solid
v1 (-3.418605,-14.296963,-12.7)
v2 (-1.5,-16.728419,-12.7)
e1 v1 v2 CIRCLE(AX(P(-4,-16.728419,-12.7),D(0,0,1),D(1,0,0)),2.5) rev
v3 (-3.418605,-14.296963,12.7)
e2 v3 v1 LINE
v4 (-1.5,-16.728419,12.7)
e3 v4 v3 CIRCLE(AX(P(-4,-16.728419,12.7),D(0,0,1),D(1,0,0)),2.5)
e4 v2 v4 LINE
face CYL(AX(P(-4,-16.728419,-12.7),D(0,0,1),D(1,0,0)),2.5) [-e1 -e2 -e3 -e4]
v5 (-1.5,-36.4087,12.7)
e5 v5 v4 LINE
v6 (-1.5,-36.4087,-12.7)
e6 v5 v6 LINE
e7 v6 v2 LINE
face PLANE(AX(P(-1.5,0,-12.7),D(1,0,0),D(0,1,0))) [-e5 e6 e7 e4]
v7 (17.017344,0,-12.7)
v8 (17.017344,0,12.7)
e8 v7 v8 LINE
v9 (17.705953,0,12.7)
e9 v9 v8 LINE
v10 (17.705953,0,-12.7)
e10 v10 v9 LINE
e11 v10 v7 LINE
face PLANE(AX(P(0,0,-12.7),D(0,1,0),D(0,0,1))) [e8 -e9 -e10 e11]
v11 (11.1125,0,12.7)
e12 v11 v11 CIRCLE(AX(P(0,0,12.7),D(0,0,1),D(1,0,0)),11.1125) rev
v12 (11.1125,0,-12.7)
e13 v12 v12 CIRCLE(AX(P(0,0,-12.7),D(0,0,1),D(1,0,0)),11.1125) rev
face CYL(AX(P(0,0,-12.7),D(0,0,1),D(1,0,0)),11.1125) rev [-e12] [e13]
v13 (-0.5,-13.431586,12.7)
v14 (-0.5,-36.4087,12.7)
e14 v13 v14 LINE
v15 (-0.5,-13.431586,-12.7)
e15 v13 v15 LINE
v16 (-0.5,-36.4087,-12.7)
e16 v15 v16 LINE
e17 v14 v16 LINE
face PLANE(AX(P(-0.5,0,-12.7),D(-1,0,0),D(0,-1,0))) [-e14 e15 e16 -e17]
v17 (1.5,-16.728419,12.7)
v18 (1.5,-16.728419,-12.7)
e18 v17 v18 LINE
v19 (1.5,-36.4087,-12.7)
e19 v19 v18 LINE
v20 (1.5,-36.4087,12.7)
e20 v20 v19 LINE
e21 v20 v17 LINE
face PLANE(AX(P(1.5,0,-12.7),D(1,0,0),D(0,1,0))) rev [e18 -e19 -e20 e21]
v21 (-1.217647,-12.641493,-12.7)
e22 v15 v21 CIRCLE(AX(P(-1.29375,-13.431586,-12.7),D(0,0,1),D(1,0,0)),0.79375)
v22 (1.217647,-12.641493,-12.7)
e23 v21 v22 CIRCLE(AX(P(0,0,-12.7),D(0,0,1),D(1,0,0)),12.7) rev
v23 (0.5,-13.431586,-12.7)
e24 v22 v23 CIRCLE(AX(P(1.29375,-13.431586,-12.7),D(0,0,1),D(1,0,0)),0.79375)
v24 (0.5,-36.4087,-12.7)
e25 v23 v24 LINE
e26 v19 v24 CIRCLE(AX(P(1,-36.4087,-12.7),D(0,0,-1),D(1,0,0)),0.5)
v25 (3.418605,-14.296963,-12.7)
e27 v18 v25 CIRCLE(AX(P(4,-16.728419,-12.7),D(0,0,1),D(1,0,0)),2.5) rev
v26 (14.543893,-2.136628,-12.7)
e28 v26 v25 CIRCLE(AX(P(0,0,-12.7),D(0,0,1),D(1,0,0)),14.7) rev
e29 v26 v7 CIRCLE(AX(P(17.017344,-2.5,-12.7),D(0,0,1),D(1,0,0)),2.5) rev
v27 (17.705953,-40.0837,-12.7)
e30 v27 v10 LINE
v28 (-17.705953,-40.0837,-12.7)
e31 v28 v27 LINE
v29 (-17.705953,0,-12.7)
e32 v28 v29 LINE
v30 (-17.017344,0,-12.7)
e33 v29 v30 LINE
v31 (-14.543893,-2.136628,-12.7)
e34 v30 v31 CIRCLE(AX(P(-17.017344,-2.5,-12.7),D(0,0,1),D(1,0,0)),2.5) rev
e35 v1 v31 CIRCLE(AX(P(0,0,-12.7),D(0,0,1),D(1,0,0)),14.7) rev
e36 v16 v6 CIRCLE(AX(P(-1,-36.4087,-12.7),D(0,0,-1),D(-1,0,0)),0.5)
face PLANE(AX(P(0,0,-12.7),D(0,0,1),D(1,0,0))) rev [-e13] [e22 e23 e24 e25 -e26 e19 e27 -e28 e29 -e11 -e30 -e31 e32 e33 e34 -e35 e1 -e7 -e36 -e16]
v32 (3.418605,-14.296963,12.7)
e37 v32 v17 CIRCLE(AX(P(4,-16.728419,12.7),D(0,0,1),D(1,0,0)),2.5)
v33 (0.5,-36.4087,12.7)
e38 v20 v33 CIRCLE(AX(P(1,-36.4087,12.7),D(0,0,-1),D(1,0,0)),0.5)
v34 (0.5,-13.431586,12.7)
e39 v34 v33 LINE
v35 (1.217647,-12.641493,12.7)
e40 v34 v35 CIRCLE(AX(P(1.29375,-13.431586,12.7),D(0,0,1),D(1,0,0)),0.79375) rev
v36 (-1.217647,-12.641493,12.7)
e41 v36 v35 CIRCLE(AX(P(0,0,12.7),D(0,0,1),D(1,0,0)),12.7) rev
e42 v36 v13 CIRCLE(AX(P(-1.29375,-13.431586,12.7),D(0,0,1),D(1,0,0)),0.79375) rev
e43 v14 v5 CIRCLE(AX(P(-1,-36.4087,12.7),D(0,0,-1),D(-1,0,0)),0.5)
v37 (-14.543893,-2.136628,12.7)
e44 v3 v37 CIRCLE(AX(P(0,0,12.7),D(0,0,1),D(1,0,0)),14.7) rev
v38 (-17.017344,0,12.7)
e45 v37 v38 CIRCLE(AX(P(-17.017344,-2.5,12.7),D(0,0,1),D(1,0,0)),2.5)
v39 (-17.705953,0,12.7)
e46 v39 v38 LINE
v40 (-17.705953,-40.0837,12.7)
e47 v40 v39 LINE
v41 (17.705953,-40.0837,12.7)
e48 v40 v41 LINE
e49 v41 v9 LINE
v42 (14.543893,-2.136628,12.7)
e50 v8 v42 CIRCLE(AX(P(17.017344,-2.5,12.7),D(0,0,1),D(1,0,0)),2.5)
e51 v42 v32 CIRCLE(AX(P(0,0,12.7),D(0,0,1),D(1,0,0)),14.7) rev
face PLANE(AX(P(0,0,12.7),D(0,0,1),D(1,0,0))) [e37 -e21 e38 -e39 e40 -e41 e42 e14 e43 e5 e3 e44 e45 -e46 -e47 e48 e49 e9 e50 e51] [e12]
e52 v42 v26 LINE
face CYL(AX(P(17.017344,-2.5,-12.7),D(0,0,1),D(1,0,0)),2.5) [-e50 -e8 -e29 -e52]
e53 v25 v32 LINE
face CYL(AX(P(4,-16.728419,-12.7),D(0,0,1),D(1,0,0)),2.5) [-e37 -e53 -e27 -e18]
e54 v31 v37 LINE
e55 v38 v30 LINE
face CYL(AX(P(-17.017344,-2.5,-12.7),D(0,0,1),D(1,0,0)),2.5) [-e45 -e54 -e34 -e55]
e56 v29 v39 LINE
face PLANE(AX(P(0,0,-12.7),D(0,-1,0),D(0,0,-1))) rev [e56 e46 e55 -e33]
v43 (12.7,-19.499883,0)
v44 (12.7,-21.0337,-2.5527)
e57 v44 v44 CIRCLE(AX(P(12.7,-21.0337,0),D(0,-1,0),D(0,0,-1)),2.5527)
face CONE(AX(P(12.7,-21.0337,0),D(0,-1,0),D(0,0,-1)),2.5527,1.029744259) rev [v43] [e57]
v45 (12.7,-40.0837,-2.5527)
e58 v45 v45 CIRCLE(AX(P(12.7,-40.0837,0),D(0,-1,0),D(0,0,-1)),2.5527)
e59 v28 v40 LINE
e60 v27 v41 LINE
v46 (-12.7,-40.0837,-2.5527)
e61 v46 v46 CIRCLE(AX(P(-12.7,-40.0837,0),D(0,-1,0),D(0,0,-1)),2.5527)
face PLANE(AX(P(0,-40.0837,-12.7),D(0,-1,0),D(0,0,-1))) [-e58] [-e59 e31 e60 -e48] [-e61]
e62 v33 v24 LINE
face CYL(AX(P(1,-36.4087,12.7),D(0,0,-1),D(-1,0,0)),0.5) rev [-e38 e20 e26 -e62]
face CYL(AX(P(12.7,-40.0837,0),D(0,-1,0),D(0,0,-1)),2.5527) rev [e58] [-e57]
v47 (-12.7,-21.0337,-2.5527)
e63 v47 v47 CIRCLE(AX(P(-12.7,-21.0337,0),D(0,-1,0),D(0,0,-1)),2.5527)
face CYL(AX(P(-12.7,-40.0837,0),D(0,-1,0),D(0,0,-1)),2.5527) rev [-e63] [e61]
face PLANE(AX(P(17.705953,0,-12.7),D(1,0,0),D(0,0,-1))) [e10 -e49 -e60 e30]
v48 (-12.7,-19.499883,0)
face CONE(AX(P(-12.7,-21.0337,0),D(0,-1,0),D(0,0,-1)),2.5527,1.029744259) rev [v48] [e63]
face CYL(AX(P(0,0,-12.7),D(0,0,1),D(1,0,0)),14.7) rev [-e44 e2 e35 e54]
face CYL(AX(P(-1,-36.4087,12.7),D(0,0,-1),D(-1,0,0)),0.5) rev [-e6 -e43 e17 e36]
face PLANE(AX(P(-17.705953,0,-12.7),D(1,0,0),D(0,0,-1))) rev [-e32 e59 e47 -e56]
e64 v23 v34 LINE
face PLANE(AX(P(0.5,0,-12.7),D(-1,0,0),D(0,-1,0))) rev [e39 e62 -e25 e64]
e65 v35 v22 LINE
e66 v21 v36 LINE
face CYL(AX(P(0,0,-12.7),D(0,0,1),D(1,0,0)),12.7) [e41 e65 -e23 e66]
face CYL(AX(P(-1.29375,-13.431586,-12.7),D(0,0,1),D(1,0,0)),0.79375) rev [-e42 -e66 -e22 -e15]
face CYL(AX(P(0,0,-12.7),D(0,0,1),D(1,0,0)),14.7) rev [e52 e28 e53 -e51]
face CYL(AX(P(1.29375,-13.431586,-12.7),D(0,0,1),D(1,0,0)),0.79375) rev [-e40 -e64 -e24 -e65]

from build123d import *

# Parameters (mm, degrees)
SKETCH1_R                  = 11.1125
EXTRUDE1_DEPTH             = 12.7
BUSHING_SIDE_FILLETS_R     = 0.79375
MOUNT_SIDE_FILLETS_R       = 0.79375
F_1_4_MOUNTING_HOLES_D     = 5.1054
F_1_4_MOUNTING_HOLES_DEPTH = 19.05
F_1_4_MOUNTING_HOLES_TIP   = 1.533816902
CUT_EXTRUDE1_DEPTH         = 51.649420448
FILLET1_R                  = 2.5


with BuildPart() as part:
    # Sketch1 → Extrude1 (new, symmetric)
    with BuildSketch(Plane(origin=(0, 0, 0), x_dir=(1, 0, 0), z_dir=(0, 0, -1))):
        with BuildLine():
            Line((0.5, 12.690153663), (0.5, 30.5587))
            Line((0.5, 30.5587), (1.5, 30.5587))
            Line((1.5, 30.5587), (1.5, 14.623269128))
            ThreePointArc((1.5, 14.623269128), (10.911920088, 9.849873096), (14.7, 0))
            Line((14.7, 0), (17.705953405, 0))
            Line((17.705953405, 0), (17.705953405, 40.0837))
            Line((17.705953405, 40.0837), (-17.705953405, 40.0837))
            Line((-17.705953405, 40.0837), (-17.705953405, 0))
            Line((-17.705953405, 0), (-14.7, 0))
            ThreePointArc((-14.7, 0), (-10.911920088, 9.849873096), (-1.5, 14.623269128))
            Line((-1.5, 14.623269128), (-1.5, 30.5587))
            Line((-1.5, 30.5587), (-0.5, 30.5587))
            Line((-0.5, 30.5587), (-0.5, 12.690153663))
            ThreePointArc((-0.5, 12.690153663), (0, -12.7), (0.5, 12.690153663))
        make_face()
        Circle(SKETCH1_R, mode=Mode.SUBTRACT)
    extrude(amount=EXTRUDE1_DEPTH, both=True)

    # Bushing-side fillets
    bushing_side_fillets_edges = [part.edges().sort_by_distance(p)[0] for p in [
        (-0.5, -12.690153663, 0),
        (0.5, -12.690153663, 0),
    ]]
    fillet(bushing_side_fillets_edges, radius=BUSHING_SIDE_FILLETS_R)

    # Mount-side fillets
    mount_side_fillets_edges = [part.edges().sort_by_distance(p)[0] for p in [
        (-0.5, -30.5587, 0),
        (0.5, -30.5587, 0),
    ]]
    fillet(mount_side_fillets_edges, radius=MOUNT_SIDE_FILLETS_R)

    # 1/4 Mounting holes
    with Locations(Plane.XZ.offset(40.0837)):
        with Locations((-12.7, 0), (12.7, 0)):
            Hole(F_1_4_MOUNTING_HOLES_D / 2, depth=F_1_4_MOUNTING_HOLES_DEPTH)
            with Locations((0, 0, -(F_1_4_MOUNTING_HOLES_DEPTH + F_1_4_MOUNTING_HOLES_TIP / 2))):  # 118° drill point
                Cone(0, F_1_4_MOUNTING_HOLES_D / 2, F_1_4_MOUNTING_HOLES_TIP, mode=Mode.SUBTRACT)

    # Sketch6 → Cut-Extrude1 (cut, through all)
    with BuildSketch(Plane(origin=(0, 0, -12.7), x_dir=(-1, 0, 0), z_dir=(0, 0, -1))):
        with BuildLine():
            Line((0.5, -29.6587), (0.5, -36.4087))
            ThreePointArc((0.5, -36.4087), (1, -36.9087), (1.5, -36.4087))
            Line((1.5, -36.4087), (1.5, -30.5587))
            Line((1.5, -30.5587), (1.4, -30.5587))
            ThreePointArc((1.4, -30.5587), (0.763603897, -30.295096103), (0.5, -29.6587))
        make_face()
        with BuildLine():
            Line((-1.5, -30.5587), (-1.4, -30.5587))
            ThreePointArc((-1.4, -30.5587), (-0.763603897, -30.295096103), (-0.5, -29.6587))
            Line((-0.5, -29.6587), (-0.5, -36.4087))
            ThreePointArc((-0.5, -36.4087), (-1, -36.9087), (-1.5, -36.4087))
            Line((-1.5, -36.4087), (-1.5, -30.5587))
        make_face()
    extrude(amount=-CUT_EXTRUDE1_DEPTH, mode=Mode.SUBTRACT)

    # Fillet1
    fillet1_edges = [part.edges().sort_by_distance(p)[0] for p in [
        (-14.7, 0, 0),
        (-1.5, -14.623269128, 0),
        (1.5, -14.623269128, 0),
        (14.7, 0, 0),
    ]]
    fillet(fillet1_edges, radius=FILLET1_R)


solid = part.part
